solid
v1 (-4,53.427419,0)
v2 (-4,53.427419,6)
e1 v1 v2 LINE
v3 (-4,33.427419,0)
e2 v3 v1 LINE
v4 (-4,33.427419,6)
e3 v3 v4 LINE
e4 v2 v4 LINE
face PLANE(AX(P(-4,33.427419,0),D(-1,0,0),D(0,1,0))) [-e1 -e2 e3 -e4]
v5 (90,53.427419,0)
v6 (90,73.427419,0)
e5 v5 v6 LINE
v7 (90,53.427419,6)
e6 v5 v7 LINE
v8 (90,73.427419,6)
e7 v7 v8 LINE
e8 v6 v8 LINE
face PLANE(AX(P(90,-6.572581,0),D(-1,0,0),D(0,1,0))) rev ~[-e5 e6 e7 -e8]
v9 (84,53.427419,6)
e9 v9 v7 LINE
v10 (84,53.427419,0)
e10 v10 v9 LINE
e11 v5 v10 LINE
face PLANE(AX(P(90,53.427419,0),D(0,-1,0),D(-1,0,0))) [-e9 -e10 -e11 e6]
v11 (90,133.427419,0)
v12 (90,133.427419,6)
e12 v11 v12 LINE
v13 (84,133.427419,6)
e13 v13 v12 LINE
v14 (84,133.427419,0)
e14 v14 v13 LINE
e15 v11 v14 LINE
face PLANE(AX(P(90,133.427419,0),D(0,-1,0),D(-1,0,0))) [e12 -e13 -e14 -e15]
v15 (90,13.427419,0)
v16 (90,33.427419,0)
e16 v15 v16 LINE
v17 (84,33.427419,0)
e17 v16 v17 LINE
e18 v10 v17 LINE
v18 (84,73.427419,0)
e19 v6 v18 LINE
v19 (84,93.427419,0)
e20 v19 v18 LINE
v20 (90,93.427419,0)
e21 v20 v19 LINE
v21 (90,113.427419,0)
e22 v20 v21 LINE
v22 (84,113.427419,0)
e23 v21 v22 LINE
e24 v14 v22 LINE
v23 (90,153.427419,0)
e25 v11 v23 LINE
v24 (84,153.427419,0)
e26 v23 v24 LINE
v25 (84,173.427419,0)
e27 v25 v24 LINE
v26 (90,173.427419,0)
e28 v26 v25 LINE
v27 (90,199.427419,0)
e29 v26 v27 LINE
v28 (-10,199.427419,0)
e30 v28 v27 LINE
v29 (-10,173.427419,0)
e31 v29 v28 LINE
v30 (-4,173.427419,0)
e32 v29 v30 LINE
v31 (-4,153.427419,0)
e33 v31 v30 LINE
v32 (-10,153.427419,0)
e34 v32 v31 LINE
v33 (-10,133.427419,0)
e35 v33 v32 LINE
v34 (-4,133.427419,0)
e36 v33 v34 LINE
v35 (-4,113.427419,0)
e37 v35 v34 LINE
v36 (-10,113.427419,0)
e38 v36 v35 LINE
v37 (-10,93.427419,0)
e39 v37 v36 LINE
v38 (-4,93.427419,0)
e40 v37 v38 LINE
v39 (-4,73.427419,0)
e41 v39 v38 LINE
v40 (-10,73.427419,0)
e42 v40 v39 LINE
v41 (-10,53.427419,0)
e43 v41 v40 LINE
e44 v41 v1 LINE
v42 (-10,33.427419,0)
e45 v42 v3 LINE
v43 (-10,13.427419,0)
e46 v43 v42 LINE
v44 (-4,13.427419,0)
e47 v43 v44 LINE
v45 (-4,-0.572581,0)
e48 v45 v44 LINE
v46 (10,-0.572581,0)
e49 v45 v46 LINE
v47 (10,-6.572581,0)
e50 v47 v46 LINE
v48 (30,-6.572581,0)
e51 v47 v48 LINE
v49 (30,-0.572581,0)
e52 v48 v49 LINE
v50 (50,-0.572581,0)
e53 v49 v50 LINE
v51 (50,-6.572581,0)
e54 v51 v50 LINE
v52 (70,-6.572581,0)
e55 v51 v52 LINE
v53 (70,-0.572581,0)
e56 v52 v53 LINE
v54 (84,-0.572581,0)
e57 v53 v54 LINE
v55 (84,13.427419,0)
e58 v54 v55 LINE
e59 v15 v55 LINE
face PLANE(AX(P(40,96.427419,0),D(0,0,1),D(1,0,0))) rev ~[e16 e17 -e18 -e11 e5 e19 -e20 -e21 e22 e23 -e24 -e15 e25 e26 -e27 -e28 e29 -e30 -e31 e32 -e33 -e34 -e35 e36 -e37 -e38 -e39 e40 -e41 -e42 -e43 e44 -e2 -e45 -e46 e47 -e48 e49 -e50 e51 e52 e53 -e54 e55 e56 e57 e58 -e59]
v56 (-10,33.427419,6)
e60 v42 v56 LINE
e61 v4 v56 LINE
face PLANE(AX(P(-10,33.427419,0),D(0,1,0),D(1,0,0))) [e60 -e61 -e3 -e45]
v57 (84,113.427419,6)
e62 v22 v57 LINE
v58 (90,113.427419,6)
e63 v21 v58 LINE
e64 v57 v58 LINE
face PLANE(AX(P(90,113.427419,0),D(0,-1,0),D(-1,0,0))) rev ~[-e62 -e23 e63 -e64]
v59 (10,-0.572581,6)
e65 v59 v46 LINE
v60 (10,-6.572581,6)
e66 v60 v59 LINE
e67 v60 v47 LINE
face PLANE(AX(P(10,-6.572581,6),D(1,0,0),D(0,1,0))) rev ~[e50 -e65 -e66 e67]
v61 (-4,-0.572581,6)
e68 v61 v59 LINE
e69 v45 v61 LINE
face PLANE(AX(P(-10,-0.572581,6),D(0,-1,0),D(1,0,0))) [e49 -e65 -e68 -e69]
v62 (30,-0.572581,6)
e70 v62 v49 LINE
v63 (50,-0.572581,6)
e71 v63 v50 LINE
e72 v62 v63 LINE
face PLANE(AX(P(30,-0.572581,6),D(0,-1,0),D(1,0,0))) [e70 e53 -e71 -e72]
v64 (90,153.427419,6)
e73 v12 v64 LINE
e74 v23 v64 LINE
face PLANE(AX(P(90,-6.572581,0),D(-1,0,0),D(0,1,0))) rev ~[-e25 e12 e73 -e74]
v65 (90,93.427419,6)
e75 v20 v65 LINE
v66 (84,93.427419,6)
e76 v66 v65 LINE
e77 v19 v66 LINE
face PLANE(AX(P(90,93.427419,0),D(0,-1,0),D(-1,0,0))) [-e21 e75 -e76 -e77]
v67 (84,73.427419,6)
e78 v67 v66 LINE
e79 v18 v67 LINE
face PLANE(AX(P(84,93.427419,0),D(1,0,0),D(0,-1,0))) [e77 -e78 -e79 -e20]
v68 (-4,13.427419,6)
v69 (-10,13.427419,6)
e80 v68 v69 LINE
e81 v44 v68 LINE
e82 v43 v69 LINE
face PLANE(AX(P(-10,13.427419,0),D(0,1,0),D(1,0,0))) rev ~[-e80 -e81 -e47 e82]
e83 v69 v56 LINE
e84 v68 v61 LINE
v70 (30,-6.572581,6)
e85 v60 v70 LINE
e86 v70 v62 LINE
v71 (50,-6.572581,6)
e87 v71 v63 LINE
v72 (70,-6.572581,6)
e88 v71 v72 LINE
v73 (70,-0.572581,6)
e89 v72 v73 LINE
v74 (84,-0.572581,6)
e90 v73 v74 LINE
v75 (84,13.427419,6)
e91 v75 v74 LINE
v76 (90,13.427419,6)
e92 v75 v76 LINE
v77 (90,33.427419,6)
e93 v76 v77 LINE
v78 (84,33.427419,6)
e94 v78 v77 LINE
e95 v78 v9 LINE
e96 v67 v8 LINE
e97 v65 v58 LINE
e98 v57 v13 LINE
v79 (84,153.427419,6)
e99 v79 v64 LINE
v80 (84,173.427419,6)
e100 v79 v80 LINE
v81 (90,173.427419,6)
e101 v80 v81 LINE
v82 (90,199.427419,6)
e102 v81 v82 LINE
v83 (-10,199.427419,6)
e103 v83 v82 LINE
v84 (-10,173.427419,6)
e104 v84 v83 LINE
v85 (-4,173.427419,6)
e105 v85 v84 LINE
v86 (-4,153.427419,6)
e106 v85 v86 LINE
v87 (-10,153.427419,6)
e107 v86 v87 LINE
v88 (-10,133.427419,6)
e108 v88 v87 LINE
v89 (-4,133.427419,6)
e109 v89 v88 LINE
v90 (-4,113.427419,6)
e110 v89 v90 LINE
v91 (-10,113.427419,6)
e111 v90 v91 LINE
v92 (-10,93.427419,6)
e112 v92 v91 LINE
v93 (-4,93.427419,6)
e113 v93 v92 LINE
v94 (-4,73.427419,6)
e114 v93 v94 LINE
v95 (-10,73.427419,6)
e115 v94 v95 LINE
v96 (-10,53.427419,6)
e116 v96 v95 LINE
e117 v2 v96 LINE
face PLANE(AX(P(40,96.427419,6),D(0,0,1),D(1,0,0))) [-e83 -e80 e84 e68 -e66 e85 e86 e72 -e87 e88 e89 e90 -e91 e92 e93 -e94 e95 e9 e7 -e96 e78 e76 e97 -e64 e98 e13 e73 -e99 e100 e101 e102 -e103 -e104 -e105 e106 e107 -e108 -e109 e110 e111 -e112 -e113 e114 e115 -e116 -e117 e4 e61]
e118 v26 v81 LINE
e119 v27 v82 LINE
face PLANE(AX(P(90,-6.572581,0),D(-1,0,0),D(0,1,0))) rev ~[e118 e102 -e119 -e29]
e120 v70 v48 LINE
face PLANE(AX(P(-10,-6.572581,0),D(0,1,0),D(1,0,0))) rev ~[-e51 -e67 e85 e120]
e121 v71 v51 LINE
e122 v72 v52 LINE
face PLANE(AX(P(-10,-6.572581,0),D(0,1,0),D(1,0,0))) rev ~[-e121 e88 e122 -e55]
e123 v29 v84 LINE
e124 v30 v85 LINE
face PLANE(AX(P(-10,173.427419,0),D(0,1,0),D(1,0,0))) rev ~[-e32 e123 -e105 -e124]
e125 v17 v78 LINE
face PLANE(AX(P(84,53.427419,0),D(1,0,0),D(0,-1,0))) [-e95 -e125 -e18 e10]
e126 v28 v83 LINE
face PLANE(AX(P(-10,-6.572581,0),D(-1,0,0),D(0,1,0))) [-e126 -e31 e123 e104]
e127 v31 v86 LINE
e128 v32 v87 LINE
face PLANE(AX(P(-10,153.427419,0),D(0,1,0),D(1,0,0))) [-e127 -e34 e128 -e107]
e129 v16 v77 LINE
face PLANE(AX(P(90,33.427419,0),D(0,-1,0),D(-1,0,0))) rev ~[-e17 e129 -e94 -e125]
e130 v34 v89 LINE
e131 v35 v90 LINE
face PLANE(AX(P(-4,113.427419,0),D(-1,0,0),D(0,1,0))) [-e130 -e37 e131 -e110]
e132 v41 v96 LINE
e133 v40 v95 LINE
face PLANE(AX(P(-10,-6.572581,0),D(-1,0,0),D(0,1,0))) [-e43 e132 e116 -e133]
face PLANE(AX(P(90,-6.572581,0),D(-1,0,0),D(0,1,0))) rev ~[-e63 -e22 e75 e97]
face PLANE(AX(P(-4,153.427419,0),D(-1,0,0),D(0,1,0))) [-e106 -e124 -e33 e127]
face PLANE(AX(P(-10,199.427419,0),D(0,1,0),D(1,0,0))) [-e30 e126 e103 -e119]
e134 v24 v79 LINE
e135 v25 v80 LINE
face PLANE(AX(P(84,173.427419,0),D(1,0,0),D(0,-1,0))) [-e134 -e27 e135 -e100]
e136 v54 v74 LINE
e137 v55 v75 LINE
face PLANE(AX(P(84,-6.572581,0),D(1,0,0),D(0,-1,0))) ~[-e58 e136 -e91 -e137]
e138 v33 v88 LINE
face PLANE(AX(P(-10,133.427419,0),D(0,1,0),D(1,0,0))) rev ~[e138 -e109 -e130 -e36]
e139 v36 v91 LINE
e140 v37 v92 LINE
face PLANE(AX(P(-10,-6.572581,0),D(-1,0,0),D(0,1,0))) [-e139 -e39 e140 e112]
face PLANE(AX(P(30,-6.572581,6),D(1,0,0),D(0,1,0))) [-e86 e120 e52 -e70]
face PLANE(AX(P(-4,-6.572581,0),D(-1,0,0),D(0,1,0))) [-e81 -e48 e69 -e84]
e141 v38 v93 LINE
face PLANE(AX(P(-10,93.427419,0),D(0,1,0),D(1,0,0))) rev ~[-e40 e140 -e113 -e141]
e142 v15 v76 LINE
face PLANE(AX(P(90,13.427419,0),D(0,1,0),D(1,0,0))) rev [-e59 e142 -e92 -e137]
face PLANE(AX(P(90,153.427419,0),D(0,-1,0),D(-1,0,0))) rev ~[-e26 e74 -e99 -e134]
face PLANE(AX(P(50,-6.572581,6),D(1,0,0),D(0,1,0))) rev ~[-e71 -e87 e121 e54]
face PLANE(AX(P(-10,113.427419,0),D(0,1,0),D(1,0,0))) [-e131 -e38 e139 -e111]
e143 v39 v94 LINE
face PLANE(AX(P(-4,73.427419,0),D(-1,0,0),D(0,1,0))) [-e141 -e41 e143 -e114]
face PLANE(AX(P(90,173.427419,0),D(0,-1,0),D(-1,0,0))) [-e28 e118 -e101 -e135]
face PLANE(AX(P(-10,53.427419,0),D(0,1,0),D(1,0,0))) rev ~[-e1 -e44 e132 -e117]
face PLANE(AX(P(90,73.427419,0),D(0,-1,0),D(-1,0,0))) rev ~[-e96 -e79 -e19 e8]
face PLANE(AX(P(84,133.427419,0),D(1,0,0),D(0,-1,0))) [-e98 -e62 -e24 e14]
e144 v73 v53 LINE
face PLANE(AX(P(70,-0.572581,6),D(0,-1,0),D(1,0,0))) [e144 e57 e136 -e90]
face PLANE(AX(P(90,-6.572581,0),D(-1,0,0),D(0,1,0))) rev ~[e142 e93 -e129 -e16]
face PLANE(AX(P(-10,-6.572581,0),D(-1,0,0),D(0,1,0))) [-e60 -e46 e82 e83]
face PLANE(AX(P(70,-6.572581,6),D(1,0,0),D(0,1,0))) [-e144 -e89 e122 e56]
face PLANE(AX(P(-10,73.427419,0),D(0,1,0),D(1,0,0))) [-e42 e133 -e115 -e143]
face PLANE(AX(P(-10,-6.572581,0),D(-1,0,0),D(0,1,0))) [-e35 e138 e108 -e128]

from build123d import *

# Parameters (mm, degrees)
SKETCH1_W               = 100
SKETCH1_H               = 206
BOSS_EXTRUDE1_DEPTH     = 6
SKETCH2_W               = 6
SKETCH2_H               = 20
CUT_EXTRUDE1_DEPTH      = 10
LPATTERN1_COUNT         = 5
LPATTERN1_PITCH         = 40
MIRROR2_COPY_1_SKETCH_W = 6
MIRROR2_COPY_1_SKETCH_H = 20
MIRROR2_COPY_1_DEPTH    = 10
MIRROR2_COPY_2_SKETCH_W = 6
MIRROR2_COPY_2_SKETCH_H = 20
MIRROR2_COPY_2_DEPTH    = 10
MIRROR2_COPY_3_SKETCH_W = 6
MIRROR2_COPY_3_SKETCH_H = 20
MIRROR2_COPY_3_DEPTH    = 10
MIRROR2_COPY_4_SKETCH_W = 6
MIRROR2_COPY_4_SKETCH_H = 20
MIRROR2_COPY_4_DEPTH    = 10
SKETCH4_W               = 20
SKETCH4_H               = 6
CUT_EXTRUDE2_DEPTH      = 10
LPATTERN2_COUNT         = 3
LPATTERN2_PITCH         = 40


with BuildPart() as part:
    # Sketch1 → Boss-Extrude1 (new body)
    with BuildSketch(Plane.XY):
        with Locations((40, 96.427419355)):
            Rectangle(SKETCH1_W, SKETCH1_H)
    extrude(amount=BOSS_EXTRUDE1_DEPTH)

    # Sketch2 → Cut-Extrude1 (cut)
    with BuildSketch(Plane.XY):
        with Locations((-7, 3.427419355)):
            Rectangle(SKETCH2_W, SKETCH2_H)
    cut_extrude1 = extrude(amount=CUT_EXTRUDE1_DEPTH, mode=Mode.SUBTRACT)

    # LPattern1: Cut-Extrude1 ×5
    with Locations(*[(0, i * LPATTERN1_PITCH, 0) for i in range(1, LPATTERN1_COUNT)]):
        add(cut_extrude1, mode=Mode.SUBTRACT)

    # Mirror2: Cut-Extrude1 across plane
    add(cut_extrude1.mirror(Plane(origin=(40, 0, 0), x_dir=(0, 0, 1), z_dir=(1, 0, 0))), mode=Mode.SUBTRACT)

    # Mirror2 copy 1 sketch → Mirror2 copy 1 (cut)
    with BuildSketch(Plane(origin=(80, 40, 0), x_dir=(-1, 0, 0), z_dir=(0, 0, 1))):
        with Locations((-7, -3.427419355)):
            Rectangle(MIRROR2_COPY_1_SKETCH_W, MIRROR2_COPY_1_SKETCH_H)
    extrude(amount=MIRROR2_COPY_1_DEPTH, mode=Mode.SUBTRACT)

    # Mirror2 copy 2 sketch → Mirror2 copy 2 (cut)
    with BuildSketch(Plane(origin=(80, 80, 0), x_dir=(-1, 0, 0), z_dir=(0, 0, 1))):
        with Locations((-7, -3.427419355)):
            Rectangle(MIRROR2_COPY_2_SKETCH_W, MIRROR2_COPY_2_SKETCH_H)
    extrude(amount=MIRROR2_COPY_2_DEPTH, mode=Mode.SUBTRACT)

    # Mirror2 copy 3 sketch → Mirror2 copy 3 (cut)
    with BuildSketch(Plane(origin=(80, 120, 0), x_dir=(-1, 0, 0), z_dir=(0, 0, 1))):
        with Locations((-7, -3.427419355)):
            Rectangle(MIRROR2_COPY_3_SKETCH_W, MIRROR2_COPY_3_SKETCH_H)
    extrude(amount=MIRROR2_COPY_3_DEPTH, mode=Mode.SUBTRACT)

    # Mirror2 copy 4 sketch → Mirror2 copy 4 (cut)
    with BuildSketch(Plane(origin=(80, 160, 0), x_dir=(-1, 0, 0), z_dir=(0, 0, 1))):
        with Locations((-7, -3.427419355)):
            Rectangle(MIRROR2_COPY_4_SKETCH_W, MIRROR2_COPY_4_SKETCH_H)
    extrude(amount=MIRROR2_COPY_4_DEPTH, mode=Mode.SUBTRACT)

    # Sketch4 → Cut-Extrude2 (cut)
    with BuildSketch(Plane.XY.offset(6)):
        with Locations((0, -3.572580645)):
            Rectangle(SKETCH4_W, SKETCH4_H)
    cut_extrude2 = extrude(amount=-CUT_EXTRUDE2_DEPTH, mode=Mode.SUBTRACT)

    # LPattern2: Cut-Extrude2 ×3
    with Locations(*[(i * LPATTERN2_PITCH, 0, 0) for i in range(1, LPATTERN2_COUNT)]):
        add(cut_extrude2, mode=Mode.SUBTRACT)


solid = part.part
